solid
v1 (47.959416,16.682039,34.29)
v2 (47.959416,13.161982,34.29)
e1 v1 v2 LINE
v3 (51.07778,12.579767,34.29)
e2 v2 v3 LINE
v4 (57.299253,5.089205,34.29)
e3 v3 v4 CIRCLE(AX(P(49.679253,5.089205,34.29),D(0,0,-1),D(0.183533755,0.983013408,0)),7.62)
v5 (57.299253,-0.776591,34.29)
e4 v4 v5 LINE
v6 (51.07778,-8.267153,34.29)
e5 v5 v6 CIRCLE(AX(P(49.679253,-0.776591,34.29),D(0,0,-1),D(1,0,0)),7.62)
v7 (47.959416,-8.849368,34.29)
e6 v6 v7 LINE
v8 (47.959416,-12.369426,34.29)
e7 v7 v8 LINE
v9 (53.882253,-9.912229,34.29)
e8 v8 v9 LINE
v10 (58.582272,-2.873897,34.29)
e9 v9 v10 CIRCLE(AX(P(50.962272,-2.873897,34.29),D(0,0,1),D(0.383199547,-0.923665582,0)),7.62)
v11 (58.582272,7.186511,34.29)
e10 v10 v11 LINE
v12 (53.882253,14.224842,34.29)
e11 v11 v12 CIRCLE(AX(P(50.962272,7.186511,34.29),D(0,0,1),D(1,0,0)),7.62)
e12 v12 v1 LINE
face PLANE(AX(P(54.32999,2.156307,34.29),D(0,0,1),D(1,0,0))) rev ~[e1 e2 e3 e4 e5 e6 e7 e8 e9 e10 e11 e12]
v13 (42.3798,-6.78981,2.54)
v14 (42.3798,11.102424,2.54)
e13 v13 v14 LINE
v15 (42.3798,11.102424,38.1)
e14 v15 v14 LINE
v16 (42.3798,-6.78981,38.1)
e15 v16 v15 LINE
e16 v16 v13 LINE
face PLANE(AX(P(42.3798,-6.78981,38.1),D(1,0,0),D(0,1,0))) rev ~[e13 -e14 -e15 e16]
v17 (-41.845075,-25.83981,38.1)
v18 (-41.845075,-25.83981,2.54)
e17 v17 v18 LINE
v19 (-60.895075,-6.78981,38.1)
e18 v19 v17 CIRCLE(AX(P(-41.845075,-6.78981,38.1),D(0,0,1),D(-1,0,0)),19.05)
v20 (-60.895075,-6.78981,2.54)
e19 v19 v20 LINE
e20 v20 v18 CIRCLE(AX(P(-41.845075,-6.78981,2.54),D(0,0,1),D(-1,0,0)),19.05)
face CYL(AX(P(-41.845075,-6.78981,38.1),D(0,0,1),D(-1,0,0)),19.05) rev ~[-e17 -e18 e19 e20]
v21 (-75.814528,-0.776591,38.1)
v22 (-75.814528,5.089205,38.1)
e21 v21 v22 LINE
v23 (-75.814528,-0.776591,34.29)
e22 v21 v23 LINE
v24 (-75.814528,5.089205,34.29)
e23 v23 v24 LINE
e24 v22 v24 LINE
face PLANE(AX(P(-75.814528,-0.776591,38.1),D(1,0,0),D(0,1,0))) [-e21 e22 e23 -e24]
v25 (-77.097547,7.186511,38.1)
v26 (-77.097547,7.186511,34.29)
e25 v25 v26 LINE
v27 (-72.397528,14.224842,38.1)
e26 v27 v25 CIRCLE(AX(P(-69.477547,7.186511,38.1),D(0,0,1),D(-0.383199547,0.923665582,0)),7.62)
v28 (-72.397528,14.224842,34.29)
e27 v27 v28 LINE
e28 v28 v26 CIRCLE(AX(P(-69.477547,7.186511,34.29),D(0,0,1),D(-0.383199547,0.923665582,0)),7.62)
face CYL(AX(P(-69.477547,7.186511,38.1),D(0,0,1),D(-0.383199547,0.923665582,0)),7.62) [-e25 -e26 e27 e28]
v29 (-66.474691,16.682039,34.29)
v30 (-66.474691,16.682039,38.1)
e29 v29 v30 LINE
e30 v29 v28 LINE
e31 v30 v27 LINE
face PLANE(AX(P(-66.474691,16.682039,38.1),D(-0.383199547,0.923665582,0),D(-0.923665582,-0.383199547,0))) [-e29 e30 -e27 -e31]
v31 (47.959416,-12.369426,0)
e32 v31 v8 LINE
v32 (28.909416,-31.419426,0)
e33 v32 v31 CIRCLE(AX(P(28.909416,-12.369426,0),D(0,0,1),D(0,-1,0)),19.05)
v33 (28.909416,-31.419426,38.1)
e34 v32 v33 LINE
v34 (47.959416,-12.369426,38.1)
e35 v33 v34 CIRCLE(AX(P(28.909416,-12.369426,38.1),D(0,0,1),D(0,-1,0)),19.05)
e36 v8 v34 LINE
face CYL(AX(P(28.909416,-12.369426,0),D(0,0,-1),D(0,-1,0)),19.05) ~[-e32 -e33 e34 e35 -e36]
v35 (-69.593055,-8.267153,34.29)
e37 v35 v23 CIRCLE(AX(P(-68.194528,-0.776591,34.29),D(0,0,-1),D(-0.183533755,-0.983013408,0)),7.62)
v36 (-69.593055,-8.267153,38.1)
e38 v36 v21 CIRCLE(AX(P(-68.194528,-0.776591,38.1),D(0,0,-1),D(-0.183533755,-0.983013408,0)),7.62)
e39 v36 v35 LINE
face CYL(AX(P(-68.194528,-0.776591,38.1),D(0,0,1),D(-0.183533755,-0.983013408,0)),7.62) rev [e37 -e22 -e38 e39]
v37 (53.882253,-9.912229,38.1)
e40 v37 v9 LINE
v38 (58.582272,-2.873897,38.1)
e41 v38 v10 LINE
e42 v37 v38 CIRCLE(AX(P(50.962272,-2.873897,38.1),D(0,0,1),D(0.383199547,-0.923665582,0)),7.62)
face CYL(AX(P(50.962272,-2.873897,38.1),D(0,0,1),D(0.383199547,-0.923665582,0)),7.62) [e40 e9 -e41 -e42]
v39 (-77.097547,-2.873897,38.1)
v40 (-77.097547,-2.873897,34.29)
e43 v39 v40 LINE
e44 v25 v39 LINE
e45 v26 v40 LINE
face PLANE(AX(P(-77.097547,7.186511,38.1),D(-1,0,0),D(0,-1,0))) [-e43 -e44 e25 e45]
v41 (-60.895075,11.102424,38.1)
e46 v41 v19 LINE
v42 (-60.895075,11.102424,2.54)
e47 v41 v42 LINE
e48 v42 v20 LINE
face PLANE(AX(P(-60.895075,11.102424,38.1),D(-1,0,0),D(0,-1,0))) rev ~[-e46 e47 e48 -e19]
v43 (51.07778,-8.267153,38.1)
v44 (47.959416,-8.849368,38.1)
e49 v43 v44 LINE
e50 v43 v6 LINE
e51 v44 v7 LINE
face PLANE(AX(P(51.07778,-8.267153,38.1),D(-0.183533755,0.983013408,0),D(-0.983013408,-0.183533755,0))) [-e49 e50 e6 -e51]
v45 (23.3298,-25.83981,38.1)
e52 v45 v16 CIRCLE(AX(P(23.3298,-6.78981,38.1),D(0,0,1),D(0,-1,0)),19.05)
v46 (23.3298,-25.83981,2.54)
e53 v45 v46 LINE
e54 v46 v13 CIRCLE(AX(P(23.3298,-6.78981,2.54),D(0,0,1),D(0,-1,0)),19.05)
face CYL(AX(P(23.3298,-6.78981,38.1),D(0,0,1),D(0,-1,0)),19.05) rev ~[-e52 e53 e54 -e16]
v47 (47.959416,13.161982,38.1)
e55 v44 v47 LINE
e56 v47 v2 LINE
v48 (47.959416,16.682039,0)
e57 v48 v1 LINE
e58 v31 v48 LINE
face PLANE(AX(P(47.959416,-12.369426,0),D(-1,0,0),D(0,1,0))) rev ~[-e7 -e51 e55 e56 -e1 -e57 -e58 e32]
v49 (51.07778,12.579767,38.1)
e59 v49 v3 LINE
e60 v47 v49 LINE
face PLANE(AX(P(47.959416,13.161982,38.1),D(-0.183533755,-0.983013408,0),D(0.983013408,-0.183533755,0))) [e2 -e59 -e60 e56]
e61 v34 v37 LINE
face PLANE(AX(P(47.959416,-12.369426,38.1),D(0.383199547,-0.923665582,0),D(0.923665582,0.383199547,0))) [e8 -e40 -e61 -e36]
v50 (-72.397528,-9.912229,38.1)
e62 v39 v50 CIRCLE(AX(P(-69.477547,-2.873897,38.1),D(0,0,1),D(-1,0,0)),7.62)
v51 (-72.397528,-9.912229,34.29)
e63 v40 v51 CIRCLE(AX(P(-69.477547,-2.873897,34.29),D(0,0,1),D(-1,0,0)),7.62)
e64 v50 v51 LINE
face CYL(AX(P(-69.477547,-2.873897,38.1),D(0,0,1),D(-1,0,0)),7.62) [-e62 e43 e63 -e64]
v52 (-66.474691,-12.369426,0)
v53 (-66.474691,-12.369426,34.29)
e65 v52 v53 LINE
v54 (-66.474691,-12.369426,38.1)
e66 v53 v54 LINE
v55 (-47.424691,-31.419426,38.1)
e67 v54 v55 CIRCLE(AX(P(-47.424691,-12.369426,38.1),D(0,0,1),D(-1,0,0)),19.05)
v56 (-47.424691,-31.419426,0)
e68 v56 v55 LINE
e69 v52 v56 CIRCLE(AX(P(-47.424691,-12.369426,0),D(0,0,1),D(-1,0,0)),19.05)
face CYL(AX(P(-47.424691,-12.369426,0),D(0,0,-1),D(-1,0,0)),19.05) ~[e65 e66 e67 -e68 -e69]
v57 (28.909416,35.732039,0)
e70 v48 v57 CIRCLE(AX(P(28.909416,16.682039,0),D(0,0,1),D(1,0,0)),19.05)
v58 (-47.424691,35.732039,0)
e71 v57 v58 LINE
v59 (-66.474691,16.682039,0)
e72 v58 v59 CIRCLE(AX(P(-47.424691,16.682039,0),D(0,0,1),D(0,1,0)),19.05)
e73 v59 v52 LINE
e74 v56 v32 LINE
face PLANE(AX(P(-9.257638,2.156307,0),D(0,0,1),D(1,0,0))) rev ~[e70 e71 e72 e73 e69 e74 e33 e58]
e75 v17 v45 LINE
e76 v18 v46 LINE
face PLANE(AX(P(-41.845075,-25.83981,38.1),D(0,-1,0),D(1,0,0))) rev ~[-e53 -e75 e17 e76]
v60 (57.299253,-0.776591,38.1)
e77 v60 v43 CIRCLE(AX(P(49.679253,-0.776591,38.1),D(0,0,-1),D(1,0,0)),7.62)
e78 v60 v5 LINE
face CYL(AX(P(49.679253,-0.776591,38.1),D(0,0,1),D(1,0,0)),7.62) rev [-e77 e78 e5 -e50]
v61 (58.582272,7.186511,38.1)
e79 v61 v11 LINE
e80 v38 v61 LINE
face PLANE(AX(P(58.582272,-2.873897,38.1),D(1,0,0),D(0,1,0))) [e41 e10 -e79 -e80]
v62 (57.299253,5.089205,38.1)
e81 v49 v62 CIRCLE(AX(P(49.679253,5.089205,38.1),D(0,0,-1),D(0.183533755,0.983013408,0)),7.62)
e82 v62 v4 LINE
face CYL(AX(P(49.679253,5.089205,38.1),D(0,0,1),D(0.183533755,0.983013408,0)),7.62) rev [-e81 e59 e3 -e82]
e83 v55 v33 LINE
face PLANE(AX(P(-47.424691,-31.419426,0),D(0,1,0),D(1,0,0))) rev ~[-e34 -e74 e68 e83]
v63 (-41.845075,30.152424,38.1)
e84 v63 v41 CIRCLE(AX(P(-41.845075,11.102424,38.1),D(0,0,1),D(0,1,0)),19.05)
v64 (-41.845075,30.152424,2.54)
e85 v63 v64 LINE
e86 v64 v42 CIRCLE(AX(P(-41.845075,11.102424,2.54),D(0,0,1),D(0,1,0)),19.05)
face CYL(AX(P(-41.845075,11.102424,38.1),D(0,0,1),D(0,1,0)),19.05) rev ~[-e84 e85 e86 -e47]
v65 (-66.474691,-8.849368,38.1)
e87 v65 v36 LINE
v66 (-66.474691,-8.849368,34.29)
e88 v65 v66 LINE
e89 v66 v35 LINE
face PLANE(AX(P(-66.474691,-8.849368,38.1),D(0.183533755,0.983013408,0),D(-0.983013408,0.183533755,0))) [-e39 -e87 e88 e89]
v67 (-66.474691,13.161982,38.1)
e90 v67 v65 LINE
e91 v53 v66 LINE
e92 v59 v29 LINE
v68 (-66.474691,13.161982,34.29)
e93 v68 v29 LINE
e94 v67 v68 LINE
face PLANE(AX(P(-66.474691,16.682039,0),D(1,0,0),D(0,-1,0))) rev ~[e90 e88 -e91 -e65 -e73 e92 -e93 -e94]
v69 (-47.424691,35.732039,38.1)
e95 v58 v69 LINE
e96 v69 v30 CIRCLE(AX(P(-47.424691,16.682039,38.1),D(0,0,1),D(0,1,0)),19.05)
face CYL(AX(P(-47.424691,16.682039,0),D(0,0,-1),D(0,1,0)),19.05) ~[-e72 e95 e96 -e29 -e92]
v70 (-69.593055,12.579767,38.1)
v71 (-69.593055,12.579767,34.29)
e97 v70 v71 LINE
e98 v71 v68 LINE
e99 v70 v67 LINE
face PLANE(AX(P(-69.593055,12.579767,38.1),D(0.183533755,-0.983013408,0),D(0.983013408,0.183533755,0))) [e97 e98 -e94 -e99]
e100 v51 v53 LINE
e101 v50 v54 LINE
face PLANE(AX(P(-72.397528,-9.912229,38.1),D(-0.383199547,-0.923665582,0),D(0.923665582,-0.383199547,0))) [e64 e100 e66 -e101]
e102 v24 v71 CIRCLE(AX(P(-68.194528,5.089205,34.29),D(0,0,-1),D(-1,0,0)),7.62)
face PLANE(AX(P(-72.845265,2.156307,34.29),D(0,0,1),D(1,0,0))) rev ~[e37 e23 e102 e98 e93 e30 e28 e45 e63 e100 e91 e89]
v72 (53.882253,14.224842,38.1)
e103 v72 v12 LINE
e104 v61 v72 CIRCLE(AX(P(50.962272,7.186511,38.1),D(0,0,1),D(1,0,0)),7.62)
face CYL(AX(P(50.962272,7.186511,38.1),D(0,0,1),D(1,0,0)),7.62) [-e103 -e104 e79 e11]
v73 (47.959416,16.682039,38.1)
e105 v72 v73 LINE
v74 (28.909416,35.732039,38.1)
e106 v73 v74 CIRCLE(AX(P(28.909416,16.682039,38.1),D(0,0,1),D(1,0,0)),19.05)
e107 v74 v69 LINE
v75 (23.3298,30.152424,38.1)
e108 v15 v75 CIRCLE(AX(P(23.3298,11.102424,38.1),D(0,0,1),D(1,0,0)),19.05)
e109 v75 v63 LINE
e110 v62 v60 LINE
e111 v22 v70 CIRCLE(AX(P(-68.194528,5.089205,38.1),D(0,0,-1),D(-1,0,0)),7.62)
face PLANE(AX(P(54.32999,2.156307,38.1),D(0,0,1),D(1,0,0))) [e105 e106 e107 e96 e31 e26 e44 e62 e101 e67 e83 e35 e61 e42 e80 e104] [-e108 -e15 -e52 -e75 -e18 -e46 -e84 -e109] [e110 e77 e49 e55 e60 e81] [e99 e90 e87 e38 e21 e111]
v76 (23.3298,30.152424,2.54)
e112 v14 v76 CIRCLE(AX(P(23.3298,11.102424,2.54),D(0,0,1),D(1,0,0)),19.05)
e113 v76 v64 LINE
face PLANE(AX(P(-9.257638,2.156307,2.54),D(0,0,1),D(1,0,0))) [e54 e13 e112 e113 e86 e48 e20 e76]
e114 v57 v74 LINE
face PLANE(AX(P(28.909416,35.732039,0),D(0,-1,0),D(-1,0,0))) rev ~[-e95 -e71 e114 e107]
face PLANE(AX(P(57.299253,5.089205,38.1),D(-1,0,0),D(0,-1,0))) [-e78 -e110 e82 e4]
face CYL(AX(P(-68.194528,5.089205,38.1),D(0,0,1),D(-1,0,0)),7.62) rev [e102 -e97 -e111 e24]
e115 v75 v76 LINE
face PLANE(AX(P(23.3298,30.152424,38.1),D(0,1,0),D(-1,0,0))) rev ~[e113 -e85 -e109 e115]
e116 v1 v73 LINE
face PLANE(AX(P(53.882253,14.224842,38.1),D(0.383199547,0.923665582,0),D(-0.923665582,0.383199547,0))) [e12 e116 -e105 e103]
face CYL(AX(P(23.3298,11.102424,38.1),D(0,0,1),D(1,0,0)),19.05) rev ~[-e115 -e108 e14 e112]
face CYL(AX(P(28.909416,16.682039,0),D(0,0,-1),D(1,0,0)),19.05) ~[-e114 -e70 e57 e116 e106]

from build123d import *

# Parameters (mm, degrees)
F1_DEPTH = 38.1
F3_DEPTH = 35.56
F5_DEPTH = 3.81


with BuildPart() as f1:
    # F0 (on Top) → F1 (new body)
    with BuildSketch(Plane.XY):
        with BuildLine():
            Line((28.9094160199, 35.7320394768), (-47.4246910334, 35.7320394768))
            ThreePointArc((-47.4246910334, 35.7320394768), (-60.895075215, 30.1524236584), (-66.4746910334, 16.6820394768))
            Line((-66.4746910334, 16.6820394768), (-66.4746910334, -12.3694256604))
            ThreePointArc((-66.4746910334, -12.3694256604), (-60.895075215, -25.839809842), (-47.4246910334, -31.4194256604))
            Line((-47.4246910334, -31.4194256604), (28.9094160199, -31.4194256604))
            ThreePointArc((28.9094160199, -31.4194256604), (42.3798002015, -25.839809842), (47.9594160199, -12.3694256604))
            Line((47.9594160199, -12.3694256604), (47.9594160199, 16.6820394768))
            ThreePointArc((47.9594160199, 16.6820394768), (42.3798002015, 30.1524236584), (28.9094160199, 35.7320394768))
        make_face()
    extrude(amount=F1_DEPTH)

    # F2 (on face) → F3 (cut)
    with BuildSketch(Plane.XY.offset(38.1)):
        with BuildLine():
            Line((23.3298002015, 30.1524236584), (-41.845075215, 30.1524236584))
            ThreePointArc((-41.845075215, 30.1524236584), (-55.3154593966, 24.57280784), (-60.895075215, 11.1024236584))
            Line((-60.895075215, 11.1024236584), (-60.895075215, -6.789809842))
            ThreePointArc((-60.895075215, -6.789809842), (-55.3154593966, -20.2601940236), (-41.845075215, -25.839809842))
            Line((-41.845075215, -25.839809842), (23.3298002015, -25.839809842))
            ThreePointArc((23.3298002015, -25.839809842), (36.8001843831, -20.2601940236), (42.3798002015, -6.789809842))
            Line((42.3798002015, -6.789809842), (42.3798002015, 11.1024236584))
            ThreePointArc((42.3798002015, 11.1024236584), (36.8001843831, 24.57280784), (23.3298002015, 30.1524236584))
        make_face()
    extrude(amount=-F3_DEPTH, mode=Mode.SUBTRACT)

    # F4 (on face) → F5 (join)
    with BuildSketch(Plane.XY.offset(38.1)):
        with BuildLine():
            Line((47.9594160199, -8.8493684307), (47.9594160199, -12.3694256604))
            Line((47.9594160199, -12.3694256604), (53.8822529313, -9.912228523))
            ThreePointArc((53.8822529313, -9.912228523), (57.2992531994, -7.1055718841), (58.5822723806, -2.87389679))
            Line((58.5822723806, -2.87389679), (58.5822723806, 7.1865106064))
            ThreePointArc((58.5822723806, 7.1865106064), (57.2992531994, 11.4181857005), (53.8822529313, 14.2248423394))
            Line((53.8822529313, 14.2248423394), (47.9594160199, 16.6820394768))
            Line((47.9594160199, 16.6820394768), (47.9594160199, 13.1619822471))
            Line((47.9594160199, 13.1619822471), (51.0777804109, 12.5797672736))
            ThreePointArc((51.0777804109, 12.5797672736), (55.5410437685, 9.9578611105), (57.2992531994, 5.0892051025))
            Line((57.2992531994, 5.0892051025), (57.2992531994, -0.7765912861))
            ThreePointArc((57.2992531994, -0.7765912861), (55.5410437685, -5.6452472941), (51.0777804109, -8.2671534572))
            Line((51.0777804109, -8.2671534572), (47.9594160199, -8.8493684307))
        make_face()
        with BuildLine():
            Line((-72.3975279448, -9.912228523), (-66.4746910334, -12.3694256604))
            Line((-66.4746910334, -12.3694256604), (-66.4746910334, -8.8493684307))
            Line((-66.4746910334, -8.8493684307), (-69.5930554243, -8.2671534572))
            ThreePointArc((-69.5930554243, -8.2671534572), (-74.0563187819, -5.6452472941), (-75.8145282129, -0.7765912861))
            Line((-75.8145282129, -0.7765912861), (-75.8145282129, 5.0892051025))
            ThreePointArc((-75.8145282129, 5.0892051025), (-74.0563187819, 9.9578611105), (-69.5930554243, 12.5797672736))
            Line((-69.5930554243, 12.5797672736), (-66.4746910334, 13.1619822471))
            Line((-66.4746910334, 13.1619822471), (-66.4746910334, 16.6820394768))
            Line((-66.4746910334, 16.6820394768), (-72.3975279448, 14.2248423394))
            ThreePointArc((-72.3975279448, 14.2248423394), (-75.8145282129, 11.4181857005), (-77.097547394, 7.1865106064))
            Line((-77.097547394, 7.1865106064), (-77.097547394, -2.87389679))
            ThreePointArc((-77.097547394, -2.87389679), (-75.8145282129, -7.1055718841), (-72.3975279448, -9.912228523))
        make_face()
    extrude(amount=-F5_DEPTH)


solid = f1.part
